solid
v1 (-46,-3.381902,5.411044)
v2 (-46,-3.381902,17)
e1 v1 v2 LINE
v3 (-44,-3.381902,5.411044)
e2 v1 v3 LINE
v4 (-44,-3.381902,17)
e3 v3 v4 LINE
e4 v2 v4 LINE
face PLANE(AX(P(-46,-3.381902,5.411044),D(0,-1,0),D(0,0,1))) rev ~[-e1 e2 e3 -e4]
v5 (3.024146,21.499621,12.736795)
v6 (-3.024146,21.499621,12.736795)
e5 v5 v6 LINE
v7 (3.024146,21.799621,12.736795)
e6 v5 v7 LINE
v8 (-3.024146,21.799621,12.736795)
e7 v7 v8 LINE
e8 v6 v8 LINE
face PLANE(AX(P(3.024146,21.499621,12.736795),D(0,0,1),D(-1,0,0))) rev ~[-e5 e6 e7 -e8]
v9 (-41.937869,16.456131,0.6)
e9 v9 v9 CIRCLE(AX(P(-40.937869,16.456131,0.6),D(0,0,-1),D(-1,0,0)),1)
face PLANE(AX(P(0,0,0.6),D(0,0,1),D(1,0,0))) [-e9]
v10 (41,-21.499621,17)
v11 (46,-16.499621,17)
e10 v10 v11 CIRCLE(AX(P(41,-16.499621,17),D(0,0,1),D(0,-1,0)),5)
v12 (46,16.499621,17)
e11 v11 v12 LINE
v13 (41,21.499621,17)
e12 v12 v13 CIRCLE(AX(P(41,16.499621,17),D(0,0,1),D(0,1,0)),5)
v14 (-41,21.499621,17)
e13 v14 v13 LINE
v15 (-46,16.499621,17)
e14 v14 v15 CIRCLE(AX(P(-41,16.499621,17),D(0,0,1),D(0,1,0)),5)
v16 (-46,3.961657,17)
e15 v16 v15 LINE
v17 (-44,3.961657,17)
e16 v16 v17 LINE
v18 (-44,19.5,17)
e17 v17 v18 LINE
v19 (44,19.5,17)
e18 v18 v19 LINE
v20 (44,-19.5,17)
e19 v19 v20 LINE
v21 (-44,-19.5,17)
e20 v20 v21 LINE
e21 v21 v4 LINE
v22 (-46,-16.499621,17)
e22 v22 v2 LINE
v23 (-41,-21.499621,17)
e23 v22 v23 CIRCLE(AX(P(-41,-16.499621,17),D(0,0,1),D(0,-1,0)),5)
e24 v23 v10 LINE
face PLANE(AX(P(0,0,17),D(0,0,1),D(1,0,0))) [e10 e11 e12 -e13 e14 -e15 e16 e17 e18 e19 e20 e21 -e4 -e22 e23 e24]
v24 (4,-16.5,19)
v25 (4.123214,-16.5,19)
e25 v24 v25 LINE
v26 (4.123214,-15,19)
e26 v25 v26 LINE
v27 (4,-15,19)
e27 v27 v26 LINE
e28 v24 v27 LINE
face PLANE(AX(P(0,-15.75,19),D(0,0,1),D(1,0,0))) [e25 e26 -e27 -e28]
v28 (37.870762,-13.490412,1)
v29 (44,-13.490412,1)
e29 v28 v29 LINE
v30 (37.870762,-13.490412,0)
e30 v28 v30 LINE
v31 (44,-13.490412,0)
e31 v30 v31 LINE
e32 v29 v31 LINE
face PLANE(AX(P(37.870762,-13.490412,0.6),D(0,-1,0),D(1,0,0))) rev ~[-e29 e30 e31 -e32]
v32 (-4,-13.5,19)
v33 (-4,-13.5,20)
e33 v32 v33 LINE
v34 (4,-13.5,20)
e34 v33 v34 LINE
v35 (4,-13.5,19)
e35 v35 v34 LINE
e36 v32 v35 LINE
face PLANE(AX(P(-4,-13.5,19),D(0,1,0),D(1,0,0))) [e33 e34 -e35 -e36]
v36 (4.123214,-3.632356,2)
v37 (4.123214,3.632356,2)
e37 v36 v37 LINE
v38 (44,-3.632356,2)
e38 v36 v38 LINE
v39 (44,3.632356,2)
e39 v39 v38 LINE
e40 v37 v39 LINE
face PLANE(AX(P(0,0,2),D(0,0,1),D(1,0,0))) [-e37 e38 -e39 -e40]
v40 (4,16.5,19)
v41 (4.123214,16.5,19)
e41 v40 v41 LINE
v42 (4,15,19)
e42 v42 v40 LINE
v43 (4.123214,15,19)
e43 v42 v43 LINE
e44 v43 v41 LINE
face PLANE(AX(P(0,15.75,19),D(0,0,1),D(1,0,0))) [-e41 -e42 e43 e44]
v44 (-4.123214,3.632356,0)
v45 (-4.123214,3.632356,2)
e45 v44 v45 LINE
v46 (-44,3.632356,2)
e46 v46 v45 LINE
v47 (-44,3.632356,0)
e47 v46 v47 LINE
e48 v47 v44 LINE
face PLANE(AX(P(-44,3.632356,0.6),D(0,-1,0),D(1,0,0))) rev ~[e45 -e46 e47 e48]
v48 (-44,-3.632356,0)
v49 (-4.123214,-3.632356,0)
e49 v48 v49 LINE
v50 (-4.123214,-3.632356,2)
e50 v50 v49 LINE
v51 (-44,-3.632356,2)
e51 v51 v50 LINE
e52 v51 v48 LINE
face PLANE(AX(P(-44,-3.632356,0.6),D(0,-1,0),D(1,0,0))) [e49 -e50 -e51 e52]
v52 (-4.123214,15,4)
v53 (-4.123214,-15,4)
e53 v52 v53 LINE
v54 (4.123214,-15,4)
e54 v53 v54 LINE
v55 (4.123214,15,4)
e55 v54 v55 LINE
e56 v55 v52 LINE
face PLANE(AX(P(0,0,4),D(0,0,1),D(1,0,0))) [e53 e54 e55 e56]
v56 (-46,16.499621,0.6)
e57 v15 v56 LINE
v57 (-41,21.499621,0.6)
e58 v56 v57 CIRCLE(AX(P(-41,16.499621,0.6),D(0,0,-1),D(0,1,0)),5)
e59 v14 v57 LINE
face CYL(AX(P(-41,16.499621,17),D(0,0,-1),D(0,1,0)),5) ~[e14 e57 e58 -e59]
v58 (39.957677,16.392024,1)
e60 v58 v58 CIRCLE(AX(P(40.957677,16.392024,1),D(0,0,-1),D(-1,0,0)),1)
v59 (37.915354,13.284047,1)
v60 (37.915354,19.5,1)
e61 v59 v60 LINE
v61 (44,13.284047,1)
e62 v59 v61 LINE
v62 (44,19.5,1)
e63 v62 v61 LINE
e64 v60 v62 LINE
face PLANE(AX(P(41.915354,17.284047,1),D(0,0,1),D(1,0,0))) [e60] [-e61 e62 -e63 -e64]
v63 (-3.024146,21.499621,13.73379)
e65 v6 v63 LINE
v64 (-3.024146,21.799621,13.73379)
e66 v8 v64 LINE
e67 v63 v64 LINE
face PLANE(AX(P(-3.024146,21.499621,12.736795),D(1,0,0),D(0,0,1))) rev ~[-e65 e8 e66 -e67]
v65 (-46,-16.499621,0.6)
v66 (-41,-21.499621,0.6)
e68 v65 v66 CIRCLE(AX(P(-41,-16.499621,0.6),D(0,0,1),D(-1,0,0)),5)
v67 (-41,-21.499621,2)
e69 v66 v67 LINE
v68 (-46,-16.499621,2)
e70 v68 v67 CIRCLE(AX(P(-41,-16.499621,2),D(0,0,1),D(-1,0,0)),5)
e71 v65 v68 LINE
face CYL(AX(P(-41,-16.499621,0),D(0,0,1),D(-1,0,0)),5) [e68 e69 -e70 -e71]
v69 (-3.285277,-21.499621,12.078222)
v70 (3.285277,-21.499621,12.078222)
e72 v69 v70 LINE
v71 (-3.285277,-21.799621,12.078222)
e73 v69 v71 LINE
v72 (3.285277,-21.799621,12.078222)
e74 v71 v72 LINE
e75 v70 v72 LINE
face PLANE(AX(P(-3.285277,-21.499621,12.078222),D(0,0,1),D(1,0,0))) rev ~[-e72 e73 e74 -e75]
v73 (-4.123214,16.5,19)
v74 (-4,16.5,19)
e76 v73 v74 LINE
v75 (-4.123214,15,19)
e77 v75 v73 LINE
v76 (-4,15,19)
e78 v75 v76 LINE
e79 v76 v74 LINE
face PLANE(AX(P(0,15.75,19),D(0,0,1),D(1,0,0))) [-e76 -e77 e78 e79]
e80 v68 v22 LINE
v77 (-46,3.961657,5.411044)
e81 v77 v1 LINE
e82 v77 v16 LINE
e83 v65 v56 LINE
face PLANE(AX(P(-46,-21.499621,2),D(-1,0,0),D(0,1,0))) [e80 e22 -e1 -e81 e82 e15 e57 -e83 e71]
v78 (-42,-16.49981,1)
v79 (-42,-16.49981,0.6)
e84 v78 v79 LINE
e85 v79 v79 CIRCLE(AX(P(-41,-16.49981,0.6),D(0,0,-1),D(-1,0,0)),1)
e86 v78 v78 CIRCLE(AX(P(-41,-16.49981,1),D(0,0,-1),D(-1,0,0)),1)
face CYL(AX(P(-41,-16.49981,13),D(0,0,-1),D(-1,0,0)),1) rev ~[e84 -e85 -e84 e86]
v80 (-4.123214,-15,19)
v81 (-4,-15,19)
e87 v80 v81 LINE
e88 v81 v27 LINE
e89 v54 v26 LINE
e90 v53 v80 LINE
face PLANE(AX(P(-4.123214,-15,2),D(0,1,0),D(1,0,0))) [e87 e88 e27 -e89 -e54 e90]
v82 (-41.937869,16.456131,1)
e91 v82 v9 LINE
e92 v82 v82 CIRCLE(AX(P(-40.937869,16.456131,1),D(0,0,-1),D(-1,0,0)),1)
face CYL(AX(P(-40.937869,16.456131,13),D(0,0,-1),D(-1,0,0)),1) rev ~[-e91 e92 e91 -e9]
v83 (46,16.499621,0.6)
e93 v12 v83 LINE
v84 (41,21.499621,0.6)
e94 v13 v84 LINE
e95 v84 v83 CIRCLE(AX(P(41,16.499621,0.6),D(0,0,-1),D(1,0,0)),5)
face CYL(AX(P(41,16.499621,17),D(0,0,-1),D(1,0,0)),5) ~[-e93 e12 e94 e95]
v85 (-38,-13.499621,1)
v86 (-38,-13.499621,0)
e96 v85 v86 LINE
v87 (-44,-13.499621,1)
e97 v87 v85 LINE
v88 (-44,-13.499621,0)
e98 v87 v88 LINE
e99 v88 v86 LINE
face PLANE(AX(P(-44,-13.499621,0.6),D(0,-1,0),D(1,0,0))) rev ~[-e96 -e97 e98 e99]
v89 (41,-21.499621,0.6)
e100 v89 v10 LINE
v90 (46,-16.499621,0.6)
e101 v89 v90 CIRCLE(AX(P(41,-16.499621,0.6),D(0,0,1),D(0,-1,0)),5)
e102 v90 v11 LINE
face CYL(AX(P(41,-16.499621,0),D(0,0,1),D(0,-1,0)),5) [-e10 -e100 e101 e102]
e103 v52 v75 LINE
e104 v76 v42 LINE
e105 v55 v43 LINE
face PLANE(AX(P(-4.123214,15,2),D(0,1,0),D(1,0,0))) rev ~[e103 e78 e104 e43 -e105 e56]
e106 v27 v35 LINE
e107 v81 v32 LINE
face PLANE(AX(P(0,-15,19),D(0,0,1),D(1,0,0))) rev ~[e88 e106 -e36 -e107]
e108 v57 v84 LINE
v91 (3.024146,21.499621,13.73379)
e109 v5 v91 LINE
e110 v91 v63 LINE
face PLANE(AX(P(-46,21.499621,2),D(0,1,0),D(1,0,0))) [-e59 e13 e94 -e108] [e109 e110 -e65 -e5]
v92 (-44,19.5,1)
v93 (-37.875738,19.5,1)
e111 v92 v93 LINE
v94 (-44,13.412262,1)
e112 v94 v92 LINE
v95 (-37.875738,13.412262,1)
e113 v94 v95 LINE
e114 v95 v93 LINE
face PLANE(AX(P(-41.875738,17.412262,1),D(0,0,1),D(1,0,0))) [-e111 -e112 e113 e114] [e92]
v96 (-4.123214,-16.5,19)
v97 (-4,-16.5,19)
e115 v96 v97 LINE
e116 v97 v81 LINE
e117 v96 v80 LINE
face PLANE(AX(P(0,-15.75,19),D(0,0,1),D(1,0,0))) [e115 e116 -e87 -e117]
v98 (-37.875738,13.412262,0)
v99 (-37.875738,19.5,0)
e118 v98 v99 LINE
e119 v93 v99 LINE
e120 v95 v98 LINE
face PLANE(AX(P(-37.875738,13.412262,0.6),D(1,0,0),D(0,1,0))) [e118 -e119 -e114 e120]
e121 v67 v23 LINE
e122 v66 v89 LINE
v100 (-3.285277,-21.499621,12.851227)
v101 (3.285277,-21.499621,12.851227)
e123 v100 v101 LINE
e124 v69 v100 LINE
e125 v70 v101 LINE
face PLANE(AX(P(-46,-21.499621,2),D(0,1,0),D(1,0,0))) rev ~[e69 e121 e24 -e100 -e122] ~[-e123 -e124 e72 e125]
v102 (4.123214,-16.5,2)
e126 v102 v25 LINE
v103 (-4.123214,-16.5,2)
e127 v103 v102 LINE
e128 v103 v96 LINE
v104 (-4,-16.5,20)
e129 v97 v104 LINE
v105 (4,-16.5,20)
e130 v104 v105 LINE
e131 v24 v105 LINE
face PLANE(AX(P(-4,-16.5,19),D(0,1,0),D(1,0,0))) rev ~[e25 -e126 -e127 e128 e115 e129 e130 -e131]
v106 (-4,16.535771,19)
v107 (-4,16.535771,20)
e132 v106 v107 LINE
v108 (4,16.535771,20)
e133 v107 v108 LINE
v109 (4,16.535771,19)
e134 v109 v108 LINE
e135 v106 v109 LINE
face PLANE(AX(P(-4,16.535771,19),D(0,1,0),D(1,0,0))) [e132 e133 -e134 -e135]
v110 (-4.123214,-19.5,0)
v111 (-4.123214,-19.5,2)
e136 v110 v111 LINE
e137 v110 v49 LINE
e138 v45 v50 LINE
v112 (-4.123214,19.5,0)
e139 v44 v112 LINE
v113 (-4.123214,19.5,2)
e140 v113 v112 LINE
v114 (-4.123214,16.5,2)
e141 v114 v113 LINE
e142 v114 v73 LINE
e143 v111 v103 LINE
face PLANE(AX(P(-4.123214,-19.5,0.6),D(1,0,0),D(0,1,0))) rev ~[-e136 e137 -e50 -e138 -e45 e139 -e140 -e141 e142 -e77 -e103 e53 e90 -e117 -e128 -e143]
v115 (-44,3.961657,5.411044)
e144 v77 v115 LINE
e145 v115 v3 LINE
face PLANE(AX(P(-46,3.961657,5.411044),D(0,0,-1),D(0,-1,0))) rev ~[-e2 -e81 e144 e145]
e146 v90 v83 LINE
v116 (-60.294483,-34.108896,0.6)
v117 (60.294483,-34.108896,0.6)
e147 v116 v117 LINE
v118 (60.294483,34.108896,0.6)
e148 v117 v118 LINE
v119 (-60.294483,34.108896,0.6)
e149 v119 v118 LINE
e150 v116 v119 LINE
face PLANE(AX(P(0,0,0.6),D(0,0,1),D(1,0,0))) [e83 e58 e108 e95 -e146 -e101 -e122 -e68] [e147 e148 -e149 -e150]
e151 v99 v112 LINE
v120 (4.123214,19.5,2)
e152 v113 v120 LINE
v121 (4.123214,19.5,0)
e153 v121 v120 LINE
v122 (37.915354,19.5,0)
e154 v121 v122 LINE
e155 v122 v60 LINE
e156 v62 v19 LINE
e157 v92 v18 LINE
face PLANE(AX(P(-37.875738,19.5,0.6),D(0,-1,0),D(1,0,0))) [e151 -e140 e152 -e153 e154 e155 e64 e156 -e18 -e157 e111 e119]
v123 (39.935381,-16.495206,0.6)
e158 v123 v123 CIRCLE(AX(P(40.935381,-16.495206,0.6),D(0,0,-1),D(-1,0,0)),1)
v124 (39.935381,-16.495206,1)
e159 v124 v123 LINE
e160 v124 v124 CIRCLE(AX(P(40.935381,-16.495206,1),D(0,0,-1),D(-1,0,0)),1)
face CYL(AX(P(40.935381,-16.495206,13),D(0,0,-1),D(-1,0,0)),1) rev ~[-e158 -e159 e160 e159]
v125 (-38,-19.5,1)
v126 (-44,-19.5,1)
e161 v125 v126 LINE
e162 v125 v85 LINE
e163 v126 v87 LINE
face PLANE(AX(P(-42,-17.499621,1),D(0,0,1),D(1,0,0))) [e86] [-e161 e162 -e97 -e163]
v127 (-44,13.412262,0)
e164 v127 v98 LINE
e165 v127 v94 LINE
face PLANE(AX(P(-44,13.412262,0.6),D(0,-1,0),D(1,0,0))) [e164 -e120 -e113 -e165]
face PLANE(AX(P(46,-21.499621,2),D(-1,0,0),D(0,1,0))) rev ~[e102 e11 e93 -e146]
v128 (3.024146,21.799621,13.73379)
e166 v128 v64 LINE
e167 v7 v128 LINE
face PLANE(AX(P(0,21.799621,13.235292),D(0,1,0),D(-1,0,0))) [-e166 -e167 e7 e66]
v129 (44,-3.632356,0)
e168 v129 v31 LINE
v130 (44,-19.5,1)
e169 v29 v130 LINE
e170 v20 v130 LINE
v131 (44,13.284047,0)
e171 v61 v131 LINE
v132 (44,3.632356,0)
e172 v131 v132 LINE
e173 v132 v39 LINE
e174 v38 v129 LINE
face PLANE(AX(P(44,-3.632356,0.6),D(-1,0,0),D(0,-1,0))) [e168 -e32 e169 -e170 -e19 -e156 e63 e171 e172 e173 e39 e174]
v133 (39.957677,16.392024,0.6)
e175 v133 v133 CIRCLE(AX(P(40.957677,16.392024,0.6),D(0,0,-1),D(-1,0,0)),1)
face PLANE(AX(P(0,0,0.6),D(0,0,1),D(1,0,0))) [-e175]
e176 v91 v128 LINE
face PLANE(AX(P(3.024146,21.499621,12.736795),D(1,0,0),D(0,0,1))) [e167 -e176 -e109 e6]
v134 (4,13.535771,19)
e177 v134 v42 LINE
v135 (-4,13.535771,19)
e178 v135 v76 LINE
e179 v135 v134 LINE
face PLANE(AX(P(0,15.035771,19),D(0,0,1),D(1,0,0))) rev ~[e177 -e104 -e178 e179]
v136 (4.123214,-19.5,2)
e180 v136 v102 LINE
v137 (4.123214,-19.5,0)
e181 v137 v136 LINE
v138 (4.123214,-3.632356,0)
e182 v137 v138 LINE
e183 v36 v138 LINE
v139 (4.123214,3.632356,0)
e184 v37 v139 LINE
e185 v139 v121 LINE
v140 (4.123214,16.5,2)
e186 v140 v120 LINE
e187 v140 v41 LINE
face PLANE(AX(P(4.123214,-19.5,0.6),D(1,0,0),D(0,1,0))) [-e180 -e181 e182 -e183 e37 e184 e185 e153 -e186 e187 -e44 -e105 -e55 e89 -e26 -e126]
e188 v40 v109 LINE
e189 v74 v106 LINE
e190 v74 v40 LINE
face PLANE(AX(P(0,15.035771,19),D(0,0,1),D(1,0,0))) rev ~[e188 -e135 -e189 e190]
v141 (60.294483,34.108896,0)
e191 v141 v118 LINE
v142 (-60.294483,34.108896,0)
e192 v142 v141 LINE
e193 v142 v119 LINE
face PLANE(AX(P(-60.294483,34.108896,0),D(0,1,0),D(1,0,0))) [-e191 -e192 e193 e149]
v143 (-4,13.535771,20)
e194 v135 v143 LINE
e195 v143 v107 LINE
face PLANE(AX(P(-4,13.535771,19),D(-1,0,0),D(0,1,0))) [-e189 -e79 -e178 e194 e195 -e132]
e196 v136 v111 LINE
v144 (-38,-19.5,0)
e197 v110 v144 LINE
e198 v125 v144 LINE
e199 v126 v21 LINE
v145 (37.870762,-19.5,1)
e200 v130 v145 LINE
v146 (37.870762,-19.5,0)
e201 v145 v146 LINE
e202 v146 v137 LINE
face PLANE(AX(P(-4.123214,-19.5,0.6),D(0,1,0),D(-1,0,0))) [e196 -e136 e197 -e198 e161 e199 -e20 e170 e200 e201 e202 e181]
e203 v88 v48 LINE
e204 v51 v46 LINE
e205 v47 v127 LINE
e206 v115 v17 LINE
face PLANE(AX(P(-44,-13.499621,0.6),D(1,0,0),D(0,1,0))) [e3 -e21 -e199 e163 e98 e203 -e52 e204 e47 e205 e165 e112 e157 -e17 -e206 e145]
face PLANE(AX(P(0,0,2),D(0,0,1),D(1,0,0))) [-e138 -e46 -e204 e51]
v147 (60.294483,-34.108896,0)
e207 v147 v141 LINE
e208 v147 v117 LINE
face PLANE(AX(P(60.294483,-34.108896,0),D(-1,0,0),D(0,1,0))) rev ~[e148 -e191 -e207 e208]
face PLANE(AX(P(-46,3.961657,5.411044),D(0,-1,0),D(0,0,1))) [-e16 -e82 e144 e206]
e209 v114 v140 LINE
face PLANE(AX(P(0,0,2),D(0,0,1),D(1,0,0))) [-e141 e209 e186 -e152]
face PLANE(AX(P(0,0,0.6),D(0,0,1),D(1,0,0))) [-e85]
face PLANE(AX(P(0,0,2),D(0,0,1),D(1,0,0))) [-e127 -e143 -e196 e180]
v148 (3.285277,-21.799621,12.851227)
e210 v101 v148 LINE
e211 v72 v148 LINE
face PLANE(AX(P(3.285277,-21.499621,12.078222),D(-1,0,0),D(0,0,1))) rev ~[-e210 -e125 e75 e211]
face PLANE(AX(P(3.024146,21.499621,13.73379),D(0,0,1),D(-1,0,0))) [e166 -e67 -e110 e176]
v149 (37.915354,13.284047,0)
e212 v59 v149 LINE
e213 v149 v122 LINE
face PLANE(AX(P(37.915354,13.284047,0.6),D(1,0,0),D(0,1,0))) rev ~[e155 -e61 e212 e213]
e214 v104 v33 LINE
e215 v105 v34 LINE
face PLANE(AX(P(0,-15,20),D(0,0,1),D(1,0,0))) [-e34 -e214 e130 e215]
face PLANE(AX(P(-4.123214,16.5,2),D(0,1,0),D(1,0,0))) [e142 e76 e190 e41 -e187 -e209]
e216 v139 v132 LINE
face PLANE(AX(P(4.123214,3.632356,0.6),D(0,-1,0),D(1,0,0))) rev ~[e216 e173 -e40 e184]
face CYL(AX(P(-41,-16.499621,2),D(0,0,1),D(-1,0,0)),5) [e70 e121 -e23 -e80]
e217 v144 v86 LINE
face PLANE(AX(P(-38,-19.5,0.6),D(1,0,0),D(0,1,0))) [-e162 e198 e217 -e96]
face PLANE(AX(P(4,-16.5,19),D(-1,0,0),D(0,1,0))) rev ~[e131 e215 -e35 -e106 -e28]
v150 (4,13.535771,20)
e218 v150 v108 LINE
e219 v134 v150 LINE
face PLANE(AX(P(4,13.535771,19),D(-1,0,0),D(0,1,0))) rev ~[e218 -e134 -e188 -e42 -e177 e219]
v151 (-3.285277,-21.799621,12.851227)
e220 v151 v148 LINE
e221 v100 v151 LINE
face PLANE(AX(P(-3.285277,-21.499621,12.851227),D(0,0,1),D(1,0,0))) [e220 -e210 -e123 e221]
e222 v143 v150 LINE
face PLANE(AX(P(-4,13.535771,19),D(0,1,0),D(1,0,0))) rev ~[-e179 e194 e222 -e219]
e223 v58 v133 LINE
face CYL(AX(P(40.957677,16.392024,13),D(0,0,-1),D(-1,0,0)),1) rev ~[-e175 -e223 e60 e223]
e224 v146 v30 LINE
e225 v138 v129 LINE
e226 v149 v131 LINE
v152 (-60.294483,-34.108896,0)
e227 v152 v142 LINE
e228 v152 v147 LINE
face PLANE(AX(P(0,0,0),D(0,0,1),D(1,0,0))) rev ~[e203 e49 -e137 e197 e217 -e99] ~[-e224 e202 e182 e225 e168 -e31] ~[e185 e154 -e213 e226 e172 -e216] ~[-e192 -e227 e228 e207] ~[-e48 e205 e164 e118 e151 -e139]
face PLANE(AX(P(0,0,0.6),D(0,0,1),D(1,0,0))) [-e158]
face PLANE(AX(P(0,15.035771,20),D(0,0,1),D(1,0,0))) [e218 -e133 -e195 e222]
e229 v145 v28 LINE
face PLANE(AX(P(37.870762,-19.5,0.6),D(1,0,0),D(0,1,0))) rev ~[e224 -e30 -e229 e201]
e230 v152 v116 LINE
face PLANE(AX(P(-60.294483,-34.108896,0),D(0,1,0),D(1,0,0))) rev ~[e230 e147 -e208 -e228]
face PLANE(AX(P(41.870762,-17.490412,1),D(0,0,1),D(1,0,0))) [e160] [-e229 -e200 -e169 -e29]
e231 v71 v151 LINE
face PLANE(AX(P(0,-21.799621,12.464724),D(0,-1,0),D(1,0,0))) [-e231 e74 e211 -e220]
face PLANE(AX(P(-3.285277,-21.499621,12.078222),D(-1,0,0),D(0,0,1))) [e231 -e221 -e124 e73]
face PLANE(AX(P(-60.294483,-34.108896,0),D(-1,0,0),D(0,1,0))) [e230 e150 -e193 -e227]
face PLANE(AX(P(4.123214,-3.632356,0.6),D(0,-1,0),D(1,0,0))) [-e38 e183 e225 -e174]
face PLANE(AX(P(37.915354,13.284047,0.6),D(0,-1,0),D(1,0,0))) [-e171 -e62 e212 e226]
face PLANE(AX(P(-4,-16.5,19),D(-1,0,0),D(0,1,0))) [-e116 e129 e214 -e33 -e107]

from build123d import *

# Parameters (mm, degrees)
F0_W      = 92
F0_H      = 42.9992415011
F0_W_2    = 39.8767858334
F0_H_2    = 7.2647114284
F0_W_3    = 8.2464283332
F0_H_3    = 15.8676442858
F1_DEPTH  = 2
F2_W      = 8.2464283332
F2_H      = 1.5
F3_DEPTH  = 17
F4_DEPTH  = 17
F6_DEPTH  = 2
F7_W      = 8
F7_H      = 3
F8_DEPTH  = 1
F10_W     = 8
F10_H     = 8
F11_DEPTH = 1
F9_W      = 8
F9_H      = 8
F12_DEPTH = 1
F13_W     = 8
F13_H     = 8
F14_DEPTH = 1
F15_W     = 8
F15_H     = 8
F16_DEPTH = 1
F17_W     = 92
F17_H     = 42.9992415011
F18_DEPTH = 15
F20_D     = 2
F20_DEPTH = 12
F20_TIP   = 0.600860619
F22_D     = 2
F22_DEPTH = 12
F22_TIP   = 0.600860619
F24_D     = 2
F24_DEPTH = 12
F24_TIP   = 0.600860619
F26_D     = 2
F26_DEPTH = 12
F26_TIP   = 0.600860619
F27_W     = 7.3435585946
F27_H     = 11.5889557712
F28_DEPTH = 3
F29_W     = 6.5705534071
F29_H     = 0.7730051875
F30_DEPTH = 0.3
F31_W     = 6.048291456
F31_H     = 0.9969957173
F32_DEPTH = 0.3
F33_R     = 5
F34_R     = 5
F35_R     = 5
F36_R     = 5
F37_W     = 120.588965714
F37_H     = 68.2177916169
F38_DEPTH = 0.6
F39_DEPTH = 25


with BuildPart() as f1:
    # F0 (on Top) → F1 (new body)
    with BuildSketch(Plane.XY):
        Rectangle(F0_W, F0_H)
        Polygon((-44, 3.6323557142), (-44, 19.5), (-4.1232141666, 19.5), (4.1232141666, 19.5), (44, 19.5), (44, 3.6323557142), (44, -3.6323557142), (44, -19.5), (4.1232141666, -19.5), (-4.1232141666, -19.5), (-44, -19.5), (-44, -3.6323557142), align=None, mode=Mode.SUBTRACT)
        with Locations((-24.0616070833, 0)):
            Rectangle(F0_W_2, F0_H_2)
        with Locations((24.0616070833, 0)):
            Rectangle(F0_W_2, F0_H_2)
        with Locations((0, -11.5661778571)):
            Rectangle(F0_W_3, F0_H_3)
        with Locations((0, 11.5661778571)):
            Rectangle(F0_W_3, F0_H_3)
        Rectangle(F0_W_3, F0_H_2)
    extrude(amount=F1_DEPTH)

    # F2 (on face) → F3 (join)
    with BuildSketch(Plane.XY.offset(2)):
        with Locations((0, 15.75)):
            Rectangle(F2_W, F2_H)
    extrude(amount=F3_DEPTH)

    # F2 (on face) → F4 (join)
    with BuildSketch(Plane.XY.offset(2)):
        with Locations((0, -15.75)):
            Rectangle(F2_W, F2_H)
    extrude(amount=F4_DEPTH)

    # F5 (on face) → F6 (join)
    with BuildSketch(Plane.XY.offset(2)):
        Polygon((-4.1232141666, -3.6323557142), (-4.1232141666, -15), (4.1232141666, -15), (4.1232141666, -3.6323557142), (4.1232141666, 3.6323557142), (4.1232141666, 15), (-4.1232141666, 15), (-4.1232141666, 3.6323557142), align=None)
    extrude(amount=F6_DEPTH)

    # F7 (on face) → F8 (join)
    with BuildSketch(Plane.XY.offset(19)):
        with Locations((0, -15)):
            Rectangle(F7_W, F7_H)
        with Locations((0, 15.0357708335)):
            Rectangle(F7_W, F7_H)
    extrude(amount=F8_DEPTH)

    # F10 (on Top) → F11 (join)
    with BuildSketch(Plane.XY):
        with Locations((-41.8757377899, 17.4122615717)):
            Rectangle(F10_W, F10_H)
    extrude(amount=F11_DEPTH)

    # F9 (on Top) → F12 (join)
    with BuildSketch(Plane.XY):
        with Locations((-42, -17.4996207505)):
            Rectangle(F9_W, F9_H)
    extrude(amount=F12_DEPTH)

    # F13 (on Top) → F14 (join)
    with BuildSketch(Plane.XY):
        with Locations((41.91535397, 17.2840473242)):
            Rectangle(F13_W, F13_H)
    extrude(amount=F14_DEPTH)

    # F15 (on Top) → F16 (join)
    with BuildSketch(Plane.XY):
        with Locations((41.8707623184, -17.4904118329)):
            Rectangle(F15_W, F15_H)
    extrude(amount=F16_DEPTH)

    # F17 (on face) → F18 (join)
    with BuildSketch(Plane.XY.offset(2)):
        Rectangle(F17_W, F17_H)
        Polygon((4.1232141666, -19.5), (-4.1232141666, -19.5), (-44, -19.5), (-44, -3.6323557142), (-44, 3.6323557142), (-44, 19.5), (-4.1232141666, 19.5), (4.1232141666, 19.5), (44, 19.5), (44, 3.6323557142), (44, -3.6323557142), (44, -19.5), align=None, mode=Mode.SUBTRACT)
    extrude(amount=F18_DEPTH)

    # F20
    with Locations(Plane.XY.offset(1)):
        with Locations((-41, -16.4998103753)):
            Hole(F20_D / 2, depth=F20_DEPTH)
            with Locations((0, 0, -(F20_DEPTH + F20_TIP / 2))):  # 118° drill point
                Cone(0, F20_D / 2, F20_TIP, mode=Mode.SUBTRACT)

    # F22
    with Locations(Plane.XY.offset(1)):
        with Locations((-40.937868895, 16.4561307859)):
            Hole(F22_D / 2, depth=F22_DEPTH)
            with Locations((0, 0, -(F22_DEPTH + F22_TIP / 2))):  # 118° drill point
                Cone(0, F22_D / 2, F22_TIP, mode=Mode.SUBTRACT)

    # F24
    with Locations(Plane.XY.offset(1)):
        with Locations((40.957676985, 16.3920236621)):
            Hole(F24_D / 2, depth=F24_DEPTH)
            with Locations((0, 0, -(F24_DEPTH + F24_TIP / 2))):  # 118° drill point
                Cone(0, F24_D / 2, F24_TIP, mode=Mode.SUBTRACT)

    # F26
    with Locations(Plane.XY.offset(1)):
        with Locations((40.9353811592, -16.4952059165)):
            Hole(F26_D / 2, depth=F26_DEPTH)
            with Locations((0, 0, -(F26_DEPTH + F26_TIP / 2))):  # 118° drill point
                Cone(0, F26_D / 2, F26_TIP, mode=Mode.SUBTRACT)

    # F27 (on face) → F28 (cut)
    with BuildSketch(Plane(origin=(-46, 0, 0), x_dir=(0, -1, 0), z_dir=(-1, 0, 0))):
        with Locations((-0.289877411, 11.2055221144)):
            Rectangle(F27_W, F27_H)
    extrude(amount=-F28_DEPTH, mode=Mode.SUBTRACT)

    # F29 (on face) → F30 (join)
    with BuildSketch(Plane.XZ.offset(21.4996207505)):
        with Locations((0, 12.4647244811)):
            Rectangle(F29_W, F29_H)
    extrude(amount=F30_DEPTH)

    # F31 (on face) → F32 (join)
    with BuildSketch(Plane(origin=(0, 21.4996207505, 0), x_dir=(-1, 0, 0), z_dir=(0, 1, 0))):
        with Locations((0, 13.2352923974)):
            Rectangle(F31_W, F31_H)
    extrude(amount=F32_DEPTH)

    # F33
    f33_edges = [f1.edges().sort_by_distance(p)[0] for p in [
        (-46, -21.499621, 8.5),
    ]]
    fillet(f33_edges, radius=F33_R)

    # F34
    f34_edges = [f1.edges().sort_by_distance(p)[0] for p in [
        (46, -21.499621, 8.5),
    ]]
    fillet(f34_edges, radius=F34_R)

    # F35
    f35_edges = [f1.edges().sort_by_distance(p)[0] for p in [
        (46, 21.499621, 8.5),
    ]]
    fillet(f35_edges, radius=F35_R)

    # F36
    f36_edges = [f1.edges().sort_by_distance(p)[0] for p in [
        (-46, 21.499621, 8.5),
    ]]
    fillet(f36_edges, radius=F36_R)

    # F37 (on Top) → F38 (join)
    with BuildSketch(Plane.XY):
        Rectangle(F37_W, F37_H)
    extrude(amount=F38_DEPTH)

    # F39 (cut): faces of the model
    f39_faces = [f1.faces().sort_by_distance(p)[0] for p in [
        (-23.0397011823, -11.2685281209, 0.6),
        (-23.0049653202, 11.2600123957, 0.6),
        (22.9874600432, 11.2593805949, 0.6),
        (23.0186221767, -11.261509687, 0.6),
    ]]
    extrude(f39_faces, amount=-F39_DEPTH, mode=Mode.SUBTRACT)


solid = f1.part
